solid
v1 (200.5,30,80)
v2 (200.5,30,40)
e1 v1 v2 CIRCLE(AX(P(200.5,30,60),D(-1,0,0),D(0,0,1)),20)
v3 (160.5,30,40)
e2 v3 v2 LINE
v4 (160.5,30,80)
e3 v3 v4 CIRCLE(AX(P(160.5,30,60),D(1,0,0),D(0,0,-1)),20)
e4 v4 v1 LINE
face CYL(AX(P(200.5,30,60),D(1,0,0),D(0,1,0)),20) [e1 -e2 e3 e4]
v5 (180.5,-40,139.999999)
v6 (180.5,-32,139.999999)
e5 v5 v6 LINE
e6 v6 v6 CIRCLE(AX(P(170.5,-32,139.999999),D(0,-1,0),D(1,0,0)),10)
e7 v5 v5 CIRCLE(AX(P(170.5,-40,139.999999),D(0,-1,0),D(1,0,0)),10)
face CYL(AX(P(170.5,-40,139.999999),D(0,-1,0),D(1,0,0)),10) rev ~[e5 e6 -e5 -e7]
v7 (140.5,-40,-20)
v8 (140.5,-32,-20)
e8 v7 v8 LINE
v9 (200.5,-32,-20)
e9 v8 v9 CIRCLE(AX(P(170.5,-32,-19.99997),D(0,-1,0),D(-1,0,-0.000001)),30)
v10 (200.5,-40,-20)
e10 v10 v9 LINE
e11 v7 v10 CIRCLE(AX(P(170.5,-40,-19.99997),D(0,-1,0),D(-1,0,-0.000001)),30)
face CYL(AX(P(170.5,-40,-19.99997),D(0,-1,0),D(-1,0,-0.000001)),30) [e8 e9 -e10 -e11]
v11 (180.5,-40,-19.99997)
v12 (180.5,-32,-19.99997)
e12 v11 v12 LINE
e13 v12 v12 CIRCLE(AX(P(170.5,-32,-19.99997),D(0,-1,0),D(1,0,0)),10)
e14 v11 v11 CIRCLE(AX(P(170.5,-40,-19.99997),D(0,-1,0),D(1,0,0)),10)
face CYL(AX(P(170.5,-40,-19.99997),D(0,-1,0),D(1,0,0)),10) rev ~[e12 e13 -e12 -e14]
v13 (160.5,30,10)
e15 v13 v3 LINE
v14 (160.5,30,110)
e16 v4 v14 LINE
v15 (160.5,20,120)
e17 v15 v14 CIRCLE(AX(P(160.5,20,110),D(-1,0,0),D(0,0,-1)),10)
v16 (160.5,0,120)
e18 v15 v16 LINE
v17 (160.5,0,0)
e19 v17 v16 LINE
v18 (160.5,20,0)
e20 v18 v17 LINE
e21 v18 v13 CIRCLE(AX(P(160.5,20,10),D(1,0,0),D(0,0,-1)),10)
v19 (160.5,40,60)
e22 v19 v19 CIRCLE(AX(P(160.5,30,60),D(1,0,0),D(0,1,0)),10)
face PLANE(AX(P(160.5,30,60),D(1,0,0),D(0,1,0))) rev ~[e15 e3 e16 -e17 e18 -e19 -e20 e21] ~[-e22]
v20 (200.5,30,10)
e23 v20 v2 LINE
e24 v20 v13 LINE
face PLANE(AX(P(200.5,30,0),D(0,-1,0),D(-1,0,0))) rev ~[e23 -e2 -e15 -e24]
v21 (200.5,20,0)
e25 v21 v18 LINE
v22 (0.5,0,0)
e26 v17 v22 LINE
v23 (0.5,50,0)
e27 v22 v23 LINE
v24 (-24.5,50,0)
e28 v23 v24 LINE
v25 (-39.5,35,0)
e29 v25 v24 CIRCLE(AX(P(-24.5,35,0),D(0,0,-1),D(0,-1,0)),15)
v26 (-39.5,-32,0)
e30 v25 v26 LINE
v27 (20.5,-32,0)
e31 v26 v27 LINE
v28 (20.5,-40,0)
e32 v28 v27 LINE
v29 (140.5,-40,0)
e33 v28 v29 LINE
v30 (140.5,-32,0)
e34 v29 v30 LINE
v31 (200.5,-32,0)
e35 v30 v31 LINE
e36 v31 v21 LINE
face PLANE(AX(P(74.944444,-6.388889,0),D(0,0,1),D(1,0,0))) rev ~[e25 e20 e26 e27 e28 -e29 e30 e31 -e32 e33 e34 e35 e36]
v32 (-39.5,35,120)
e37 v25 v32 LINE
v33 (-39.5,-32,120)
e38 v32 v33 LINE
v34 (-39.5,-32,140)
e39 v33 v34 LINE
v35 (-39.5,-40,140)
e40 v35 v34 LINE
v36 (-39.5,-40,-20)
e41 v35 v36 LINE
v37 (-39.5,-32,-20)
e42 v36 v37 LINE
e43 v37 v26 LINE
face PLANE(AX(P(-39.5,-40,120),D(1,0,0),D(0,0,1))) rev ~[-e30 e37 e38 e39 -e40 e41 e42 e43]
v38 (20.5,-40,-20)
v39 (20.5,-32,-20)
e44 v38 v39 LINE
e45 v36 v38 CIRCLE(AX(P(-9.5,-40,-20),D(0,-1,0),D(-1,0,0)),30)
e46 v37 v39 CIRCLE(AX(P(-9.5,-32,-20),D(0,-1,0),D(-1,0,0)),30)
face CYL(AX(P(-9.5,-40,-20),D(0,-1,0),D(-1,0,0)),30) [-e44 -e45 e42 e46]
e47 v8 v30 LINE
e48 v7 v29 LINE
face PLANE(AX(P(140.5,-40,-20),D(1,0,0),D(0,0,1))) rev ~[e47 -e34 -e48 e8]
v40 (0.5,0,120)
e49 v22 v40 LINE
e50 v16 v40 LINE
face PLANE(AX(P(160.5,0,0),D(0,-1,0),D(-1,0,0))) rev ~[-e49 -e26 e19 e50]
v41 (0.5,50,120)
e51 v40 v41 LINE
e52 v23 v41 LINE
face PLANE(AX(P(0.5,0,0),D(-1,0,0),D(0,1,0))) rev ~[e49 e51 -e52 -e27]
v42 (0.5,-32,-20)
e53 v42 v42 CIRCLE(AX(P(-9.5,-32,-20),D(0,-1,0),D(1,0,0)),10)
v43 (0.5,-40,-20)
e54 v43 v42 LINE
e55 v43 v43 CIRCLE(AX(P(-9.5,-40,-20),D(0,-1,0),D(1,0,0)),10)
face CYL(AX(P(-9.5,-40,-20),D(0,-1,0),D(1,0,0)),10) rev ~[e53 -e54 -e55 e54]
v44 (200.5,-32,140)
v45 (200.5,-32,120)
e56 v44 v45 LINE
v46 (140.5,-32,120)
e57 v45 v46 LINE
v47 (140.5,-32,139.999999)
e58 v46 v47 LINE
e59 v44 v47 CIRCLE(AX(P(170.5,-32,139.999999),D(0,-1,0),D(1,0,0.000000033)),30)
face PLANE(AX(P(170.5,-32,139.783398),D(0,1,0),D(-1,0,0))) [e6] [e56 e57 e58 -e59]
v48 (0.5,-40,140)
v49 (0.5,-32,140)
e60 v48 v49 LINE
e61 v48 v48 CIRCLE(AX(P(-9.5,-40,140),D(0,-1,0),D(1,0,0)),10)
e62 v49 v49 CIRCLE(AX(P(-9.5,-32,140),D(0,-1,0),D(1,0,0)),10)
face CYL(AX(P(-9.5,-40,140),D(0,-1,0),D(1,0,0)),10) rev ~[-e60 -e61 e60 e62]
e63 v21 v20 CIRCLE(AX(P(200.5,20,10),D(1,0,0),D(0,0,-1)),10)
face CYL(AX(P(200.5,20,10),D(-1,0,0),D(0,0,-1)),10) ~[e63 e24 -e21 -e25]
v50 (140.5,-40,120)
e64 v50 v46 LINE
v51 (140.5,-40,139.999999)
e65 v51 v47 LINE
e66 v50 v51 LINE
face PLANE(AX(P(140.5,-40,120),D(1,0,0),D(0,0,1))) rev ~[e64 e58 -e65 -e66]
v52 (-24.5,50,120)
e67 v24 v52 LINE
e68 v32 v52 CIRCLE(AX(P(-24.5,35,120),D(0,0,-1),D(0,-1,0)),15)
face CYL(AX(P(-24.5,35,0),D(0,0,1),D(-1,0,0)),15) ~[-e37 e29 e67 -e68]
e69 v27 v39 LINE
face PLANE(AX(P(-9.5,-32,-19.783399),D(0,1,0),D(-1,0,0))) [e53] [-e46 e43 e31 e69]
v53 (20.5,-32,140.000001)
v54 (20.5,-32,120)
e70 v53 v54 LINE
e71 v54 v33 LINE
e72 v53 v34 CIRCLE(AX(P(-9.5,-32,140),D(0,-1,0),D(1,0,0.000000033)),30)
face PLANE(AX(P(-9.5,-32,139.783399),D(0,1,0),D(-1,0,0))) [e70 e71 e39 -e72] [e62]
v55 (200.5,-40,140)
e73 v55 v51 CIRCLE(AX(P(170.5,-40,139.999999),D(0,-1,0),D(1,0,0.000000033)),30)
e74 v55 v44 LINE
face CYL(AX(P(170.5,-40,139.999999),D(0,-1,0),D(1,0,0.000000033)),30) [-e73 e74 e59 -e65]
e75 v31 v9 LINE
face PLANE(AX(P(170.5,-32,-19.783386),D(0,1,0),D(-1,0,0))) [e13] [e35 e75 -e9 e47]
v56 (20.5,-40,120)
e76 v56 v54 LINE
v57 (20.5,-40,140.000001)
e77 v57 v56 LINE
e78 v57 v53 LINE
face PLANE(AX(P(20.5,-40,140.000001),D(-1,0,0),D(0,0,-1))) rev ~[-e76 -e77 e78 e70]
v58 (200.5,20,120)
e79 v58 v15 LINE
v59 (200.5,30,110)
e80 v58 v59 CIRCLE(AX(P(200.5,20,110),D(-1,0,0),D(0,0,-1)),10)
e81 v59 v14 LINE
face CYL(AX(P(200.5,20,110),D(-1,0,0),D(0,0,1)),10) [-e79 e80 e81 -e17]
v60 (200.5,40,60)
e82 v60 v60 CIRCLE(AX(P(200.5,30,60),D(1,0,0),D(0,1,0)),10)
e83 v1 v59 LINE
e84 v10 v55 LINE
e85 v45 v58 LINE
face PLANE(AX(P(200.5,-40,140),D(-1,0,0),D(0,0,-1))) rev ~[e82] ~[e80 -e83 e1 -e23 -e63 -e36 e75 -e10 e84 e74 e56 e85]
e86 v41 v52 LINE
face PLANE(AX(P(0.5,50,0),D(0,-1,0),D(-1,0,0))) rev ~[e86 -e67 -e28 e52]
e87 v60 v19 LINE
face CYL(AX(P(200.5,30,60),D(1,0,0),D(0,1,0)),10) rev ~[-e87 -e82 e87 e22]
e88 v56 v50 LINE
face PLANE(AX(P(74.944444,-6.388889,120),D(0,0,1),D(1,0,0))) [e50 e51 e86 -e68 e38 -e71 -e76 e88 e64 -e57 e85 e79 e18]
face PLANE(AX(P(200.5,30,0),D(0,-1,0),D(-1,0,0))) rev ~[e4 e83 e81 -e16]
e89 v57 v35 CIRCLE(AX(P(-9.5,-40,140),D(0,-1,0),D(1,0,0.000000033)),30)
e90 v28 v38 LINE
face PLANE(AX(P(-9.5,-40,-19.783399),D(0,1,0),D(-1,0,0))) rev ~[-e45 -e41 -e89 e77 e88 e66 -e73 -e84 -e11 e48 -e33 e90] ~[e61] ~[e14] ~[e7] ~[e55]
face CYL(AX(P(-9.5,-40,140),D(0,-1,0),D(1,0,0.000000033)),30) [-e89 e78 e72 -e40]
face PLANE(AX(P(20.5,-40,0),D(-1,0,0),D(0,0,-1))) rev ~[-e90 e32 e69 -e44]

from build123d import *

# Parameters (mm, degrees)
PAD_DEPTH       = 120
FILLET_R        = 15
FILLET001_R     = 10
SKETCH001_R     = 20
PAD001_DEPTH    = 40
SKETCH002_R     = 10
POCKET_DEPTH    = 40
PAD002_DEPTH    = 8
SKETCH004_R     = 10
POCKET001_DEPTH = 8
PAD003_DEPTH    = 8
SKETCH006_R     = 10
POCKET002_DEPTH = 8
PAD004_DEPTH    = 8
SKETCH008_R     = 10
POCKET003_DEPTH = 8


with BuildPart() as part:
    # Sketch → Pad (new body)
    with BuildSketch(Plane.XY):
        Polygon((-39.5, 50), (-39.5, -40), (200.5, -40), (200.5, 30), (160.5, 30), (160.5, 0), (0.5, 0), (0.5, 50), align=None)
    extrude(amount=PAD_DEPTH)

    # Fillet
    fillet_edges = [part.edges().sort_by_distance(p)[0] for p in [
        (-39.5, 50, 60),
    ]]
    fillet(fillet_edges, radius=FILLET_R)

    # Fillet001
    fillet001_edges = [part.edges().sort_by_distance(p)[0] for p in [
        (180.5, 30, 120),
        (180.5, 30, 0),
    ]]
    fillet(fillet001_edges, radius=FILLET001_R)

    # Sketch001 (on Face2 of Fillet001) → Pad001 (join)
    with BuildSketch(Plane.YZ.offset(200.5)):
        with Locations((30, 60)):
            Circle(SKETCH001_R)
    extrude(amount=-PAD001_DEPTH)

    # Sketch002 (on Face12 of Pad001) → Pocket (cut)
    with BuildSketch(Plane.YZ.offset(200.5)):
        with Locations((30, 60)):
            Circle(SKETCH002_R)
    extrude(amount=-POCKET_DEPTH, mode=Mode.SUBTRACT)

    # Sketch003 (on Face4 of Pocket) → Pad002 (join)
    with BuildSketch(Plane.XZ.offset(40)):
        with BuildLine():
            Line((20.5, 140.000001), (20.5, 120))
            Line((20.5, 120), (-39.5, 120))
            Line((-39.5, 120), (-39.5, 140))
            ThreePointArc((20.5, 140.000001), (-9.5, 170), (-39.5, 140))
        make_face()
    extrude(amount=-PAD002_DEPTH)

    # Sketch004 (on Face16 of Pad002) → Pocket001 (cut)
    with BuildSketch(Plane.XZ.offset(40)):
        with Locations((-9.5, 140)):
            Circle(SKETCH004_R)
    extrude(amount=-POCKET001_DEPTH, mode=Mode.SUBTRACT)

    # Sketch005 (on Face4 of Pocket001) → Pad003 (join)
    with BuildSketch(Plane.XZ.offset(40)):
        with BuildLine():
            Line((200.5, 140), (200.5, 120))
            Line((200.5, 120), (140.5, 120))
            Line((140.5, 120), (140.5, 139.999999))
            ThreePointArc((200.5, 140), (170.5, 169.999999), (140.5, 139.999999))
        make_face()
    extrude(amount=-PAD003_DEPTH)

    # Sketch006 (on Face18 of Pad003) → Pocket002 (cut)
    with BuildSketch(Plane.XZ.offset(40)):
        with Locations((170.5, 139.999999)):
            Circle(SKETCH006_R)
    extrude(amount=-POCKET002_DEPTH, mode=Mode.SUBTRACT)

    # Sketch007 (on Face4 of Pocket002) → Pad004 (join)
    with BuildSketch(Plane.XZ.offset(40)):
        with BuildLine():
            Line((-39.5, 0), (20.5, 0))
            Line((20.5, 0), (20.5, -20))
            ThreePointArc((-39.5, -20), (-9.5, -50), (20.5, -20))
            Line((-39.5, -20), (-39.5, 0))
        make_face()
        with BuildLine():
            Line((140.5, 0), (200.5, 0))
            Line((200.5, 0), (200.5, -20))
            ThreePointArc((140.5, -20), (170.5, -49.99997), (200.5, -20))
            Line((140.5, -20), (140.5, 0))
        make_face()
    extrude(amount=-PAD004_DEPTH)

    # Sketch008 (on Face4 of Pad004) → Pocket003 (cut)
    with BuildSketch(Plane.XZ.offset(40)):
        with Locations((-9.5, -20)):
            Circle(SKETCH008_R)
        with Locations((170.5, -19.99997)):
            Circle(SKETCH008_R)
    extrude(amount=-POCKET003_DEPTH, mode=Mode.SUBTRACT)


solid = part.part
